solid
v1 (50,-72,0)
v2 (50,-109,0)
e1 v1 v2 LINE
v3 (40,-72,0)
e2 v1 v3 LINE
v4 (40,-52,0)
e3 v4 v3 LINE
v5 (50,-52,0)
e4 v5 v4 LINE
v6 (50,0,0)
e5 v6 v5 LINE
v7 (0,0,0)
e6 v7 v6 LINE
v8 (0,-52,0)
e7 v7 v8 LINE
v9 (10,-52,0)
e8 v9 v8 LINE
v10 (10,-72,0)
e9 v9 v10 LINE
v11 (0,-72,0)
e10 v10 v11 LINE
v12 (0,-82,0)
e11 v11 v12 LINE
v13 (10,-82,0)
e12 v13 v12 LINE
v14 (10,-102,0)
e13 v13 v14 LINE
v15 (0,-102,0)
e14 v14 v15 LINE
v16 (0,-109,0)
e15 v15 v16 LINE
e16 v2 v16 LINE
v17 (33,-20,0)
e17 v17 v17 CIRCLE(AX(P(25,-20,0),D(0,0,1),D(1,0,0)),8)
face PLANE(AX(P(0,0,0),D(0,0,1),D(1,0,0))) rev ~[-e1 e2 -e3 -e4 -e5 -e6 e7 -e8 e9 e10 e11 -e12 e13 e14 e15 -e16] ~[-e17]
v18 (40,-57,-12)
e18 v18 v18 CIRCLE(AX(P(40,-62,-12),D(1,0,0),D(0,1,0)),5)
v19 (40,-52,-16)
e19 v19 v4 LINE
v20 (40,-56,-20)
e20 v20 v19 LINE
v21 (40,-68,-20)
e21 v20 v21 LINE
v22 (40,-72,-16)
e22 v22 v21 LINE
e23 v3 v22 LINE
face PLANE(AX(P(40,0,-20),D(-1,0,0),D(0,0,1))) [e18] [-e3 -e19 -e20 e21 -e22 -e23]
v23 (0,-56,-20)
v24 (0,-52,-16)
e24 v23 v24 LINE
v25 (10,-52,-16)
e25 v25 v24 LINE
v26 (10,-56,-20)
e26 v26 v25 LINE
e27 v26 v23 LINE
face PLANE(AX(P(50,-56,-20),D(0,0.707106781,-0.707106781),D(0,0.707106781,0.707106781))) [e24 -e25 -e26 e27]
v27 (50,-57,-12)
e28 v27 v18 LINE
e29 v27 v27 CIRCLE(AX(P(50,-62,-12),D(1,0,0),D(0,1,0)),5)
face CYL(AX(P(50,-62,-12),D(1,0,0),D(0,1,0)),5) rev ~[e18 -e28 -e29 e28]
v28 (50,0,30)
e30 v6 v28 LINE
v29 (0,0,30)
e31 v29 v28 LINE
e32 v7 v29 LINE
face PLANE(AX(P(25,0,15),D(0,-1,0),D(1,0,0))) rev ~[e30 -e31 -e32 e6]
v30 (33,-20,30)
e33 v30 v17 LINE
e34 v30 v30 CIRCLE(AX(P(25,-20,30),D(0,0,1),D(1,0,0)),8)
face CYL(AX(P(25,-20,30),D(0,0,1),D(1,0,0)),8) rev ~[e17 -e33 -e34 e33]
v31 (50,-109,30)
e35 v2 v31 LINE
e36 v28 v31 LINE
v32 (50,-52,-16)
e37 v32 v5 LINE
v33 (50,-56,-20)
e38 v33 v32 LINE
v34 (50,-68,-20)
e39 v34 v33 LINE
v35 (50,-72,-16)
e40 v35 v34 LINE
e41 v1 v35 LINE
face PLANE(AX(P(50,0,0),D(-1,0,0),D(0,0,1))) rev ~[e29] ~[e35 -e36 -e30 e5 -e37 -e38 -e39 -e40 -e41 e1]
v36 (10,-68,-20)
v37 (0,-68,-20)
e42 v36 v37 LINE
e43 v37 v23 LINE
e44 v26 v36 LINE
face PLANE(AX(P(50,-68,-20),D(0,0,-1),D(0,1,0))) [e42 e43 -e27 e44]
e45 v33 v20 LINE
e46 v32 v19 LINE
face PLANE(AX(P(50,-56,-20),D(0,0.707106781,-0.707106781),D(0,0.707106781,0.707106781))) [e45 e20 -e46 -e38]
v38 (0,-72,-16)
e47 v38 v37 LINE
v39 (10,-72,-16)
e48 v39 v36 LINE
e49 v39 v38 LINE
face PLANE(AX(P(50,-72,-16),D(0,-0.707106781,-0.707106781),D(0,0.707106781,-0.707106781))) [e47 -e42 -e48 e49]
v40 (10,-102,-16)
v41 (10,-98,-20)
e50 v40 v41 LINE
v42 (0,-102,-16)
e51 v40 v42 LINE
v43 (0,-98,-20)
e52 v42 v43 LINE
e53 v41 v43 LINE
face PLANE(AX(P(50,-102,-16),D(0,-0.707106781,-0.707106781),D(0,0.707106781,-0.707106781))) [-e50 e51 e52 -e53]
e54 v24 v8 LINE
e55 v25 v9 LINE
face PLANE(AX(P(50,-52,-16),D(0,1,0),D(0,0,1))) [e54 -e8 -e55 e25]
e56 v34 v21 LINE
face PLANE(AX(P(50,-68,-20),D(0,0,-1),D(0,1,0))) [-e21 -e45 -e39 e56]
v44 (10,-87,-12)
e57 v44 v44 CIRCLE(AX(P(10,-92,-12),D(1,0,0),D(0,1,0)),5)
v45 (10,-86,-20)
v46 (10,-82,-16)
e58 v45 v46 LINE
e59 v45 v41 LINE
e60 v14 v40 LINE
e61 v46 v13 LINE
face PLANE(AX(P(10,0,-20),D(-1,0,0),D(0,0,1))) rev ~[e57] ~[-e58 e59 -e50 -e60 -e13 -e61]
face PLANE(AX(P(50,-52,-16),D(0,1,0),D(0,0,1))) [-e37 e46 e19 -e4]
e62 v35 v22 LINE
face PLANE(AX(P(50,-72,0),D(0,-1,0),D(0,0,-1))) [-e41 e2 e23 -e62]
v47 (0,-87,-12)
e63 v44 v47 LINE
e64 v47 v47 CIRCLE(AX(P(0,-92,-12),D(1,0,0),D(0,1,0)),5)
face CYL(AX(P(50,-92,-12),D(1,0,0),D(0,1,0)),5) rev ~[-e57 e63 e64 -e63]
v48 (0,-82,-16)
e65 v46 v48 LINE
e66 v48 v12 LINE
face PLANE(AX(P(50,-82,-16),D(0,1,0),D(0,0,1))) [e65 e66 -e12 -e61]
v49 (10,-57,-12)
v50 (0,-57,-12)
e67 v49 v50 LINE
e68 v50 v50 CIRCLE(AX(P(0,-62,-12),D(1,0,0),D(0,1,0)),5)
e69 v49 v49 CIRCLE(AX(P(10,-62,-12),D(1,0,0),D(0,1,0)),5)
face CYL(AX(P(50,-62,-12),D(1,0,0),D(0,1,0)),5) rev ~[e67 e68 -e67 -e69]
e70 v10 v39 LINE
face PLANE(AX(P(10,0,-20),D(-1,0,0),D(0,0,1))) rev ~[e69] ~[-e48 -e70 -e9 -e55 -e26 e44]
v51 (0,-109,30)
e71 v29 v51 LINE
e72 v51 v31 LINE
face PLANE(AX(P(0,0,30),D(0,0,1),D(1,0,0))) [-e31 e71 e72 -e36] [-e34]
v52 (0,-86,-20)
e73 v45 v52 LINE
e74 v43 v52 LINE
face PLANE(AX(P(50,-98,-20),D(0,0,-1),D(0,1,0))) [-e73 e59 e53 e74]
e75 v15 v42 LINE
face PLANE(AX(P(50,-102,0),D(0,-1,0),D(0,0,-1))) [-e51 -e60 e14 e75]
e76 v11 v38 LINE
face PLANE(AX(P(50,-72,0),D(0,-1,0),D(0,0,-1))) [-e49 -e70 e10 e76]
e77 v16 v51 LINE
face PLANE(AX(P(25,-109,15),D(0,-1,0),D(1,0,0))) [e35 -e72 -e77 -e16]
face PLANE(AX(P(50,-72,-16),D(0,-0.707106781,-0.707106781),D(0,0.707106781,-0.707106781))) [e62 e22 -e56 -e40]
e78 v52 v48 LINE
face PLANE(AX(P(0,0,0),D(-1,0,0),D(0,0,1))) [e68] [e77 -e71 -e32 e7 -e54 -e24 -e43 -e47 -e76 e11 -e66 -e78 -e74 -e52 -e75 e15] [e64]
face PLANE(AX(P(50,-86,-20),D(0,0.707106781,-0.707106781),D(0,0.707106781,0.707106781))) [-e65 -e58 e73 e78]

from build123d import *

# Parameters (mm, degrees)
F0_W     = 50
F0_H     = 30
F1_DEPTH = 109
F2_R     = 8
F3_DEPTH = 30.001
F4_R     = 5
F5_DEPTH = 50
F6_W     = 30
F6_H     = 20
F7_DEPTH = 109.001
F8_W     = 20
F8_H     = 20
F9_DEPTH = 25


with BuildPart() as f1:
    # F0 (on Front) → F1 (new body)
    with BuildSketch(Plane.XZ):
        with Locations((25, 15)):
            Rectangle(F0_W, F0_H)
    extrude(amount=F1_DEPTH)

    # F2 (on face) → F3 (cut, through all)
    with BuildSketch(Plane.XY.offset(30)):
        with Locations((25, -20)):
            Circle(F2_R)
    extrude(amount=-F3_DEPTH, mode=Mode.SUBTRACT)

    # F4 (on face) → F5 (join)
    with BuildSketch(Plane.YZ.offset(50)):
        Polygon((-52, 0), (-72, 0), (-72, -16), (-68, -20), (-56, -20), (-52, -16), align=None)
        with Locations((-62, -12)):
            Circle(F4_R, mode=Mode.SUBTRACT)
        Polygon((-82, 0), (-102, 0), (-102, -16), (-98, -20), (-86, -20), (-82, -16), align=None)
        with Locations((-92, -12)):
            Circle(F4_R, mode=Mode.SUBTRACT)
    extrude(amount=-F5_DEPTH)

    # F6 (on face) → F7 (cut, through all)
    with BuildSketch(Plane(origin=(0, 0, 0), x_dir=(-1, 0, 0), z_dir=(0, 1, 0))):
        with Locations((-25, -10)):
            Rectangle(F6_W, F6_H)
    extrude(amount=-F7_DEPTH, mode=Mode.SUBTRACT)

    # F8 (on face) → F9 (cut)
    with BuildSketch(Plane.YZ.offset(50)):
        with Locations((-92, -10)):
            Rectangle(F8_W, F8_H)
    extrude(amount=-F9_DEPTH, mode=Mode.SUBTRACT)


solid = f1.part
